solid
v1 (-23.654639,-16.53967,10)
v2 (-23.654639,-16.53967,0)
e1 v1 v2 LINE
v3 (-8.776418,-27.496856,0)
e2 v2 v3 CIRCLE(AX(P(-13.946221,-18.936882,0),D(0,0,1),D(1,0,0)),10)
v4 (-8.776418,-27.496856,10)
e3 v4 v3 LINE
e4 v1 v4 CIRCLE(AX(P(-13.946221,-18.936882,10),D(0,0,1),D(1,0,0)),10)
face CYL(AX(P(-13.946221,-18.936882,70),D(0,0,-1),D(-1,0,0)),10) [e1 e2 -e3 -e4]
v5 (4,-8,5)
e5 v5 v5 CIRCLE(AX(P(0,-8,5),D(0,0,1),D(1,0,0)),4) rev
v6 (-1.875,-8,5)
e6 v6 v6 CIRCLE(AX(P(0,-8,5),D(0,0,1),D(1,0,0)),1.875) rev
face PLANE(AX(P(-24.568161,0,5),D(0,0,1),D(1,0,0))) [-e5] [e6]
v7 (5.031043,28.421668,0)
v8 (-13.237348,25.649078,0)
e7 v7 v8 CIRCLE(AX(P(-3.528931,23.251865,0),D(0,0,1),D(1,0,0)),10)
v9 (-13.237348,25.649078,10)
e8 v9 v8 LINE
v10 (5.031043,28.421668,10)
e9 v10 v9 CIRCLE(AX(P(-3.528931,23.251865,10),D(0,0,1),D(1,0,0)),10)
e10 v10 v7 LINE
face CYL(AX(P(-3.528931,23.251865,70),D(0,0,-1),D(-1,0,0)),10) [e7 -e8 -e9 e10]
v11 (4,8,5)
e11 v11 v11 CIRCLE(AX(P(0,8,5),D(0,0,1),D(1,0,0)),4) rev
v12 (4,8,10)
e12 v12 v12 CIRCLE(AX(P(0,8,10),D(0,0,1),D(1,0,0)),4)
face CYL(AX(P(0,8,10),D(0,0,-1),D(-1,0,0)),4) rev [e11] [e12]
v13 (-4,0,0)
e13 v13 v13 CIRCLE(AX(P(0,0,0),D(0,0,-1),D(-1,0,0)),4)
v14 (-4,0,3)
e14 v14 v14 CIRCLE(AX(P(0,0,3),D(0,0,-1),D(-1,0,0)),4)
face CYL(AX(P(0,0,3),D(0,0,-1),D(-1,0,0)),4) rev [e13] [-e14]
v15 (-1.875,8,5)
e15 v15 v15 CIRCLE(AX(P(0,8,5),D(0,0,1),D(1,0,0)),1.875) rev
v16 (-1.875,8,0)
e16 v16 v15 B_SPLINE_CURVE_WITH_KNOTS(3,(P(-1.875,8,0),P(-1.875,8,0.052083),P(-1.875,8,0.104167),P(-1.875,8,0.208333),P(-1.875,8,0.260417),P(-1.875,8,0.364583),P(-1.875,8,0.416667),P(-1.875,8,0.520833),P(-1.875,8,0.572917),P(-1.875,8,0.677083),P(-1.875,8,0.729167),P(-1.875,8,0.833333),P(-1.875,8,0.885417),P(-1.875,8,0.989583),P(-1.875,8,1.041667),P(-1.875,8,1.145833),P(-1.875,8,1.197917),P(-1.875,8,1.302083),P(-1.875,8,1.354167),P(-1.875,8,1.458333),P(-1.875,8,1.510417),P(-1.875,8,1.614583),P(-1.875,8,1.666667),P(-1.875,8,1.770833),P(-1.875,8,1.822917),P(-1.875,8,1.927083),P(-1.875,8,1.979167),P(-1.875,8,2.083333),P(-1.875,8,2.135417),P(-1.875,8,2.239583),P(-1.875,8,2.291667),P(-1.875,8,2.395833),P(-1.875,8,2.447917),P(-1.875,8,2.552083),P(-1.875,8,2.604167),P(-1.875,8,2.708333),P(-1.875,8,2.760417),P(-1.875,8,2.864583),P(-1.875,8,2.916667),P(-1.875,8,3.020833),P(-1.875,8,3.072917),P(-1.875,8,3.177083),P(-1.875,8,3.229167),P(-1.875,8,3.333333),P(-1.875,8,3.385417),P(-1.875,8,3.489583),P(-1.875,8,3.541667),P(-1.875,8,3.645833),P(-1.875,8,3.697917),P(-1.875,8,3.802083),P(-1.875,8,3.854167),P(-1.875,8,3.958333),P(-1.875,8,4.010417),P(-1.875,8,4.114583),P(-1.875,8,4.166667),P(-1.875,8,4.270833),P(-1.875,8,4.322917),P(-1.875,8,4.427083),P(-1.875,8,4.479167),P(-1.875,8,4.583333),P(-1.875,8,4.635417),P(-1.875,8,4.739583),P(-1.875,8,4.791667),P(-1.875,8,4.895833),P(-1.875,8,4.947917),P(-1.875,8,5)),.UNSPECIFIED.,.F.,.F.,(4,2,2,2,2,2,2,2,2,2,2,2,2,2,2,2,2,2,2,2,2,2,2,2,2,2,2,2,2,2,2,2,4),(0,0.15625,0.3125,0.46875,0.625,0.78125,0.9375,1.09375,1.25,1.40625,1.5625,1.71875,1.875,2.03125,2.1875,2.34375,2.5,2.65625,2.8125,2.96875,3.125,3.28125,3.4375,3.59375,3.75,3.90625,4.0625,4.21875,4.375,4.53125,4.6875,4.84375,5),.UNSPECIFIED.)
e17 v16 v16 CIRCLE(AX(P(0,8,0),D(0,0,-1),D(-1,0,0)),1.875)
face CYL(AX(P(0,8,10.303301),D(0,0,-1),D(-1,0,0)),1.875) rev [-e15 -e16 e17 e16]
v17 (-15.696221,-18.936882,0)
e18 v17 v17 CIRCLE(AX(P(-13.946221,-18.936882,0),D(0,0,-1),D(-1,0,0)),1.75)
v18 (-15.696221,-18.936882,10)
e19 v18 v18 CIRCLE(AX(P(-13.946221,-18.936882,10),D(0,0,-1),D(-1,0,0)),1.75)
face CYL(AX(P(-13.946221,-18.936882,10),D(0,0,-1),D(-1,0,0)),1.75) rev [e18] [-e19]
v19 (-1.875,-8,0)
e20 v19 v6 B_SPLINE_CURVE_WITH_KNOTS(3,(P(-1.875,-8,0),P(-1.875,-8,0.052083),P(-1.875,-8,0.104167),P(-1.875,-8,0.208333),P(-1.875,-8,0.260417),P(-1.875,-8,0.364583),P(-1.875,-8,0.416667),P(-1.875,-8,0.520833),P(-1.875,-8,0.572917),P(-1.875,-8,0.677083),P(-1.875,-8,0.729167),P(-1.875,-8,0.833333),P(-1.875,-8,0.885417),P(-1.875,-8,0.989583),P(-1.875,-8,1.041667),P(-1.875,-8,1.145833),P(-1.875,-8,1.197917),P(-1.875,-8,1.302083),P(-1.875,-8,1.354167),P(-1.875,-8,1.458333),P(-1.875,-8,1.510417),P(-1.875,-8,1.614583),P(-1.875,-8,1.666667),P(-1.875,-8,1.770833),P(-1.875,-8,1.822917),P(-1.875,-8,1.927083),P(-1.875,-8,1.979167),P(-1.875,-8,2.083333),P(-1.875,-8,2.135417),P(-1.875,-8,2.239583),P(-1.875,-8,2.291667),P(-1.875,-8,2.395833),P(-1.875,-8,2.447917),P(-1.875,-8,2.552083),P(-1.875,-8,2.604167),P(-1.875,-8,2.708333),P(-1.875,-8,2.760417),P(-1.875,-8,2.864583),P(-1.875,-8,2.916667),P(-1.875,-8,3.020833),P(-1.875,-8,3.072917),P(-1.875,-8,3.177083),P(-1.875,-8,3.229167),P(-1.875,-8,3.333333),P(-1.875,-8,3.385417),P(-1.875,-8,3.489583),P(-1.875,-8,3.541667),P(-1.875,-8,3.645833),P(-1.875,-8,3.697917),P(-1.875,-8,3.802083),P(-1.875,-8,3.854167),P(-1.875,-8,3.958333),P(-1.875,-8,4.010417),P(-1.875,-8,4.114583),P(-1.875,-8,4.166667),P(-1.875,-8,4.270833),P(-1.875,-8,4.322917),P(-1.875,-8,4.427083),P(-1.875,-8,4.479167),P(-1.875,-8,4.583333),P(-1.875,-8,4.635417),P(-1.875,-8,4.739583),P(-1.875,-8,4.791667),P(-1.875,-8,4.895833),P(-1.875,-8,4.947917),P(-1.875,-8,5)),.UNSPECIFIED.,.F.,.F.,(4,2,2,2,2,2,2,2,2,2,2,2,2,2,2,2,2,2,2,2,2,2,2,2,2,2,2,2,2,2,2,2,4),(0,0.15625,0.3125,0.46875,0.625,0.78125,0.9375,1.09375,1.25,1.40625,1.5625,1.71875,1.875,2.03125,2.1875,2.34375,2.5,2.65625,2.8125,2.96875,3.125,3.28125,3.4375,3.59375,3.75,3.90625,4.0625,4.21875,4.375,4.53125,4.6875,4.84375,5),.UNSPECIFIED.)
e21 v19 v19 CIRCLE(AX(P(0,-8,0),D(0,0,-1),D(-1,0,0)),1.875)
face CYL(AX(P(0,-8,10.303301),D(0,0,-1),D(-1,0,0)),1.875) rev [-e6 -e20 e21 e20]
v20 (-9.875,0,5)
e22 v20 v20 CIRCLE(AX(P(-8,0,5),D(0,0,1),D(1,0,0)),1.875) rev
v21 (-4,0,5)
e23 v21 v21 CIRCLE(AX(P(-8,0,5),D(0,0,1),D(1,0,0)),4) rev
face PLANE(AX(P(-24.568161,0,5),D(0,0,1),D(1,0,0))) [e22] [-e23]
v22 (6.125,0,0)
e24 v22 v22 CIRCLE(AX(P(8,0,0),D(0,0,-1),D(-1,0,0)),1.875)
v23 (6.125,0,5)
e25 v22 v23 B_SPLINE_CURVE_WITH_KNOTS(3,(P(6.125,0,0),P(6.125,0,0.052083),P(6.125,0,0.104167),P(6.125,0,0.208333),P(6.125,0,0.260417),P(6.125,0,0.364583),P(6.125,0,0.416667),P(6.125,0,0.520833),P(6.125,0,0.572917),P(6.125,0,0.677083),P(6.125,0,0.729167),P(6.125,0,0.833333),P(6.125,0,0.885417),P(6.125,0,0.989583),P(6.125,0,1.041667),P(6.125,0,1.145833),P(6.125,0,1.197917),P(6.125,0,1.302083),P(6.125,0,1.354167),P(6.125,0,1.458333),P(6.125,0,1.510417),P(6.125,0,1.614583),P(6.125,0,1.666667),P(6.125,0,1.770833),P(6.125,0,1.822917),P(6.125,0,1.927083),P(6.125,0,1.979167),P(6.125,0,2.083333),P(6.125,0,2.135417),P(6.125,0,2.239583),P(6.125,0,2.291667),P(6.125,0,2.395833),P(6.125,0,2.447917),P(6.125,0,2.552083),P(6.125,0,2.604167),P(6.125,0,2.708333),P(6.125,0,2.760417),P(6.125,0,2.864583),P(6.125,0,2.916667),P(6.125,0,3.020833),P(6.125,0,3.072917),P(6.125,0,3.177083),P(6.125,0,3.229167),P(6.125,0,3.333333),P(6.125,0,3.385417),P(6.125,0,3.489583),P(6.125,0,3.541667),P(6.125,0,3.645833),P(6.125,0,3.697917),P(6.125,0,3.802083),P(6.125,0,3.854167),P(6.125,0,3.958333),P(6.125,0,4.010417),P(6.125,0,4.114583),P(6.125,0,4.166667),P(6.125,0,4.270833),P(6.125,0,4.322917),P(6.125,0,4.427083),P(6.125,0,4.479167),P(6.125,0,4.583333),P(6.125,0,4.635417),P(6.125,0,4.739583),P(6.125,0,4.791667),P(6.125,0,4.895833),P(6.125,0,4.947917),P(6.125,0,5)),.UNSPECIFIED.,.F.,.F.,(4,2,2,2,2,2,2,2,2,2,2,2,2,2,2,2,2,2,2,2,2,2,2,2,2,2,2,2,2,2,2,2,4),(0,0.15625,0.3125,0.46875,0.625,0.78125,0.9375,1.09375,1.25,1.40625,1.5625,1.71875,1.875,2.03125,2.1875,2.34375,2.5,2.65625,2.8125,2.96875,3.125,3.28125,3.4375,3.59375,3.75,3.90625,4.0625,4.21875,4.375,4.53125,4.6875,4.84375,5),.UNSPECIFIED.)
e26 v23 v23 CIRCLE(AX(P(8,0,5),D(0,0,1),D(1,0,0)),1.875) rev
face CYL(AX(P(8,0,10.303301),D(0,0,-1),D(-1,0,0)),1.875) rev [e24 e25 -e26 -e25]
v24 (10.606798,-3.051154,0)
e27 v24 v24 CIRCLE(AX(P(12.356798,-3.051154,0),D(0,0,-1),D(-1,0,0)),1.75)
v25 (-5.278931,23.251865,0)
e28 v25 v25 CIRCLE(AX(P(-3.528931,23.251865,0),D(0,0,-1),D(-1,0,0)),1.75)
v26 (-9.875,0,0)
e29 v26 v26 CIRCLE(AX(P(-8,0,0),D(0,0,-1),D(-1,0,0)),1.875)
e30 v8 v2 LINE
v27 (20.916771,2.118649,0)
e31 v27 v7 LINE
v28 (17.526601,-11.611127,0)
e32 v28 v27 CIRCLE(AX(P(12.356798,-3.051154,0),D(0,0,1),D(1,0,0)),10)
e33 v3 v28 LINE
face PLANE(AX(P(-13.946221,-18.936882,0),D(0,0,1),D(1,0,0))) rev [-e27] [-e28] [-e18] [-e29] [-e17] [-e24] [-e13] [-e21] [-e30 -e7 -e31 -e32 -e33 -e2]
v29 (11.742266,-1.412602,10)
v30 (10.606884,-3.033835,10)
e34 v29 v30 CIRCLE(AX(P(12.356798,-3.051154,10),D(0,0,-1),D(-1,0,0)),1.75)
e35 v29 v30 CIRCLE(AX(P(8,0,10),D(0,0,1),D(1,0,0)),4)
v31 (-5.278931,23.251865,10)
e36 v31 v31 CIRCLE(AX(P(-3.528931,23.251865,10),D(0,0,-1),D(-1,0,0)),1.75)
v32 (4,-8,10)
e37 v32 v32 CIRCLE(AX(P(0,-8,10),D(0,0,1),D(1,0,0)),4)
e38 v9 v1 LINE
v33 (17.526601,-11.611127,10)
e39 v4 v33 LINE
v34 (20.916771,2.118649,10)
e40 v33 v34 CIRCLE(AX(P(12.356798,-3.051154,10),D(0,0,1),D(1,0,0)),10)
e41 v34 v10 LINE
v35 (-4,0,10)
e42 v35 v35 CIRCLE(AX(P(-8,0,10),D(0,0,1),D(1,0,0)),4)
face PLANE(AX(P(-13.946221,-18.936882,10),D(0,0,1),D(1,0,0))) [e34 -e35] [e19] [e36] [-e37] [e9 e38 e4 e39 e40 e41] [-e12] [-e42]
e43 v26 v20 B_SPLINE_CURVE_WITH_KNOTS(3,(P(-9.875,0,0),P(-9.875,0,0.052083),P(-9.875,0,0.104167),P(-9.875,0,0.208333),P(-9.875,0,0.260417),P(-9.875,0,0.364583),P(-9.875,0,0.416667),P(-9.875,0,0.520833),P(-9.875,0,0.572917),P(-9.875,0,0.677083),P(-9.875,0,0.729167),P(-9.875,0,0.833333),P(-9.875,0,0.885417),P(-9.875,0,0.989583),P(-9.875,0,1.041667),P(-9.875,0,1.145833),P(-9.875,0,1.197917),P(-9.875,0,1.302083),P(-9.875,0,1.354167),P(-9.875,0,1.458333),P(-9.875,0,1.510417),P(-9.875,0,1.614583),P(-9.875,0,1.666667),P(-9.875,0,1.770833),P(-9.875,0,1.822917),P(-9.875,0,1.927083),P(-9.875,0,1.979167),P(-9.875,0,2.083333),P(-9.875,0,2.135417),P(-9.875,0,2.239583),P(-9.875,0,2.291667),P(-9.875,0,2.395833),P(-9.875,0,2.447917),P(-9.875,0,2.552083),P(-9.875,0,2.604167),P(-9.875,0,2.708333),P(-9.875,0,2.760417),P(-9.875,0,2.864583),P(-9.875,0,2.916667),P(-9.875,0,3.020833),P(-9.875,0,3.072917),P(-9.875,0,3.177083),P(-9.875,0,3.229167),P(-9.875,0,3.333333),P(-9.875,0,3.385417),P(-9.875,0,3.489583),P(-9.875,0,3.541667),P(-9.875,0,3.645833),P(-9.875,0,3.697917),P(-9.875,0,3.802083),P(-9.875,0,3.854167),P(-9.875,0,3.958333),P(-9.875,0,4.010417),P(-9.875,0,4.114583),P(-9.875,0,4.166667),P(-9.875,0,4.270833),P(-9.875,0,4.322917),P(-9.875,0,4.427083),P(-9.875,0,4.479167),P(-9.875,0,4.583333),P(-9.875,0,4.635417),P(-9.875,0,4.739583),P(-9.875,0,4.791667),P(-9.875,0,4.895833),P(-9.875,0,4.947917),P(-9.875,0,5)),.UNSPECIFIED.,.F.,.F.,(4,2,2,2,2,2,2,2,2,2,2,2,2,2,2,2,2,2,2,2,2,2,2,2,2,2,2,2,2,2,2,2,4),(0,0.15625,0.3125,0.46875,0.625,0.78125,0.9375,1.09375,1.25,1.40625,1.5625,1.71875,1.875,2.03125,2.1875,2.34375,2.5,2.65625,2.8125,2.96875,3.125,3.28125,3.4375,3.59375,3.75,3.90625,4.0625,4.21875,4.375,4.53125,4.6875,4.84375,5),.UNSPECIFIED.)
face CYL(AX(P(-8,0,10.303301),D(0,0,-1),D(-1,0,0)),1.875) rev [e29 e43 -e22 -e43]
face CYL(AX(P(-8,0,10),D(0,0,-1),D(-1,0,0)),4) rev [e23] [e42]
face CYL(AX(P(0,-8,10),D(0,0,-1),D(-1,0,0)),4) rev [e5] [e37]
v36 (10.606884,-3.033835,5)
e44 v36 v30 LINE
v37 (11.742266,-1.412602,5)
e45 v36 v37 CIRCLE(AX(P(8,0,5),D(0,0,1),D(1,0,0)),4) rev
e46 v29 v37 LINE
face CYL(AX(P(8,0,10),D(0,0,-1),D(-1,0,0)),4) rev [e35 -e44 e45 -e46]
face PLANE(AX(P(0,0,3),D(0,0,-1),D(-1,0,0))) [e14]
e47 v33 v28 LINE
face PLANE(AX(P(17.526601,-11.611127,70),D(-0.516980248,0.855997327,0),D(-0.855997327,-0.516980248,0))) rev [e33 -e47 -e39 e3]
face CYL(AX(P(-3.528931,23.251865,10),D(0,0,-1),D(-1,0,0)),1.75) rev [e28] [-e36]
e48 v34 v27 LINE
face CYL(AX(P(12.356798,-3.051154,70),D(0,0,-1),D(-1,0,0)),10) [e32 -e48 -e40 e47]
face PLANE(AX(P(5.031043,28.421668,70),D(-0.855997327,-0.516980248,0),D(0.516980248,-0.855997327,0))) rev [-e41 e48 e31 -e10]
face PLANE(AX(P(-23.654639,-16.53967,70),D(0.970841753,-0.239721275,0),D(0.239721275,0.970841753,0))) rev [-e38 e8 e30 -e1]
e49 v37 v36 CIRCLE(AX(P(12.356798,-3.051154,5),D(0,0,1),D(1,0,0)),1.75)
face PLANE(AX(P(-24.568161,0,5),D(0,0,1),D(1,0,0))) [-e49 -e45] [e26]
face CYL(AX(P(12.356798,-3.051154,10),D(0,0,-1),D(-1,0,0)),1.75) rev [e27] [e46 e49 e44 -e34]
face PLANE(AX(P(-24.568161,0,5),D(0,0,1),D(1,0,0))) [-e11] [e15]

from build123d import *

# Parameters (mm, degrees)
SKETCH1_R               = 9
BOSS_EXTRUDE1_DEPTH     = 70
SKETCH2_R               = 2.5
CUT_EXTRUDE1_DEPTH      = 5
CUT_EXTRUDE2_REACH      = 90.987
CUT_EXTRUDE2_END_RADIUS = 9
SKETCH3_R               = 1.75
CIRPATTERN1_COUNT       = 3
SKETCH5_W               = 24.568161226
SKETCH5_H               = 25
SKETCH6_R               = 9
BOSS_EXTRUDE2_DEPTH     = 5
SKETCH8_R               = 9
SKETCH8_R_2             = 5.0505014
BOSS_EXTRUDE3_DEPTH     = 3
CUT_EXTRUDE3_REACH      = 83.112
SKETCH9_R               = 1.875
SKETCH11_R              = 4
CUT_EXTRUDE4_DEPTH      = 3
CUT_EXTRUDE5_DEPTH      = 82.111701173
CUT_EXTRUDE5_DEPTH_BACK = 82.111701173
SKETCH12_W              = 69.923732777
SKETCH12_H              = 71.865657343
SKETCH13_R              = 4
BOSS_EXTRUDE5_DEPTH     = 5
SKETCH14_R              = 1.75
CUT_EXTRUDE6_DEPTH      = 43.17947431


with BuildPart() as part:
    # Sketch1 → Boss-Extrude1 (new body)
    with BuildSketch(Plane.XY):
        with BuildLine():
            Line((-23.6546385, -16.539669722), (-13.23734813, 25.649078182))
            ThreePointArc((-13.23734813, 25.649078182), (-5.029445343, 33.138647287), (5.031042671, 28.421667909))
            Line((5.031042671, 28.421667909), (20.916771438, 2.118648772))
            ThreePointArc((20.916771438, 2.118648772), (22.065215706, -5.448366461), (17.526600651, -11.611126974))
            Line((17.526600651, -11.611126974), (-8.776418486, -27.496855741))
            ThreePointArc((-8.776418486, -27.496855741), (-19.876207308, -26.988917124), (-23.6546385, -16.539669722))
        make_face()
        Circle(SKETCH1_R, mode=Mode.SUBTRACT)
    extrude(amount=BOSS_EXTRUDE1_DEPTH)

    # Sketch2 → Cut-Extrude1 (cut)
    with BuildSketch(Plane(origin=(9.822624711, -16.263949206, 0), x_dir=(0.8559973266359324, 0.5169802479709809, 0), z_dir=(0.5169802479709809, -0.8559973266359324, 0))):
        with Locations((0, 65)):
            Circle(SKETCH2_R)
    cut_extrude1 = extrude(amount=-CUT_EXTRUDE1_DEPTH, mode=Mode.SUBTRACT)

    # Cut-Extrude2: up to this cylinder (the profile starts outside it)
    cut_extrude2_end = Plane(origin=(0, 0, 65), z_dir=(0, 0, -1)) * Cylinder(CUT_EXTRUDE2_END_RADIUS, 200.974, mode=Mode.PRIVATE)
    # Sketch3 → Cut-Extrude2 (cut, up to the surface)
    with BuildSketch(Plane(origin=(7.237723472, -11.983962573, 0), x_dir=(0.8559973266359324, 0.5169802479709809, 0), z_dir=(0.5169802479709809, -0.8559973266359324, 0)), mode=Mode.PRIVATE) as cut_extrude2_sk1:
        with Locations((0, 65)):
            Circle(SKETCH3_R)
    cut_extrude2_tool1 = extrude(cut_extrude2_sk1.sketch, amount=-CUT_EXTRUDE2_REACH, mode=Mode.PRIVATE) - cut_extrude2_end
    cut_extrude2 = cut_extrude2_tool1.solids().sort_by_distance((7.237723, -11.983963, 65))[0]
    add(cut_extrude2, mode=Mode.SUBTRACT)

    # CirPattern1: Cut-Extrude1, Cut-Extrude2 ×3 about axis
    cirpattern1_axis = Axis((0, 0, 0), (0, 0, 1))
    add([cut_extrude1.rotate(cirpattern1_axis, i * 360 / CIRPATTERN1_COUNT) for i in range(1, CIRPATTERN1_COUNT)], mode=Mode.SUBTRACT)
    add([cut_extrude2.rotate(cirpattern1_axis, i * 360 / CIRPATTERN1_COUNT) for i in range(1, CIRPATTERN1_COUNT)], mode=Mode.SUBTRACT)

    # Sketch5 → Cut-Revolve1 (revolve, cut)
    with BuildSketch(Plane(origin=(0, 0, 0), x_dir=(1, 0, 0), z_dir=(0, 1, 0)), mode=Mode.PRIVATE) as cut_revolve1_sk:
        with Locations((-12.284080613, -17.5)):
            Rectangle(SKETCH5_W, SKETCH5_H)
    revolve(cut_revolve1_sk.sketch.rotate(Axis((0, 0, 0), (0, 0, 1)), 180), axis=Axis((0, 0, 0), (0, 0, 1)), mode=Mode.SUBTRACT)

    # Sketch6 → Boss-Extrude2 (add)
    with BuildSketch(Plane(origin=(0, 0, 0), x_dir=(-1, 0, 0), z_dir=(0, 0, -1))):
        with Locations(Location((0, 0, 0), (0, 0, 180))):
            Circle(SKETCH6_R)
    extrude(amount=-BOSS_EXTRUDE2_DEPTH)

    # Sketch8 → Boss-Extrude3 (add)
    with BuildSketch(Plane(origin=(0, 0, 30), x_dir=(-1, 0, 0), z_dir=(0, 0, -1))):
        Circle(SKETCH8_R)
        Circle(SKETCH8_R_2, mode=Mode.SUBTRACT)
    extrude(amount=-BOSS_EXTRUDE3_DEPTH)

    # Sketch9 → Cut-Extrude3 (cut, up to next)
    with BuildSketch(Plane(origin=(0, 0, 0), x_dir=(-1, 0, 0), z_dir=(0, 0, -1)), mode=Mode.PRIVATE) as cut_extrude3_sk1:
        with Locations((0, 8)):
            Circle(SKETCH9_R)
    cut_extrude3_tool1 = extrude(cut_extrude3_sk1.sketch, amount=-CUT_EXTRUDE3_REACH, mode=Mode.PRIVATE) & part.part
    # Sketch9 → Cut-Extrude3 (cut, up to next)
    with BuildSketch(Plane(origin=(0, 0, 0), x_dir=(-1, 0, 0), z_dir=(0, 0, -1)), mode=Mode.PRIVATE) as cut_extrude3_sk2:
        with Locations((8, 0)):
            Circle(SKETCH9_R)
    cut_extrude3_tool2 = extrude(cut_extrude3_sk2.sketch, amount=-CUT_EXTRUDE3_REACH, mode=Mode.PRIVATE) & part.part
    # Sketch9 → Cut-Extrude3 (cut, up to next)
    with BuildSketch(Plane(origin=(0, 0, 0), x_dir=(-1, 0, 0), z_dir=(0, 0, -1)), mode=Mode.PRIVATE) as cut_extrude3_sk3:
        with Locations((0, -8)):
            Circle(SKETCH9_R)
    cut_extrude3_tool3 = extrude(cut_extrude3_sk3.sketch, amount=-CUT_EXTRUDE3_REACH, mode=Mode.PRIVATE) & part.part
    # Sketch9 → Cut-Extrude3 (cut, up to next)
    with BuildSketch(Plane(origin=(0, 0, 0), x_dir=(-1, 0, 0), z_dir=(0, 0, -1)), mode=Mode.PRIVATE) as cut_extrude3_sk4:
        with Locations((-8, 0)):
            Circle(SKETCH9_R)
    cut_extrude3_tool4 = extrude(cut_extrude3_sk4.sketch, amount=-CUT_EXTRUDE3_REACH, mode=Mode.PRIVATE) & part.part
    add(cut_extrude3_tool1.solids().sort_by_distance((0, 8, 0))[0], mode=Mode.SUBTRACT)
    add(cut_extrude3_tool2.solids().sort_by_distance((-8, 0, 0))[0], mode=Mode.SUBTRACT)
    add(cut_extrude3_tool3.solids().sort_by_distance((0, -8, 0))[0], mode=Mode.SUBTRACT)
    add(cut_extrude3_tool4.solids().sort_by_distance((8, 0, 0))[0], mode=Mode.SUBTRACT)

    # Sketch11 → Cut-Extrude4 (cut)
    with BuildSketch(Plane(origin=(0, 0, 0), x_dir=(-1, 0, 0), z_dir=(0, 0, -1))):
        Circle(SKETCH11_R)
    extrude(amount=-CUT_EXTRUDE4_DEPTH, mode=Mode.SUBTRACT)

    # Sketch12 → Cut-Extrude5 (cut, two sides: drawn at the far end of the back side and taken through both)
    with BuildSketch(Plane(origin=(0, 0, 0), x_dir=(0, 0, -1), z_dir=(1, 0, 0)).offset(-CUT_EXTRUDE5_DEPTH_BACK)):
        with Locations((-39.961866388, -0.358209869)):
            Rectangle(SKETCH12_W, SKETCH12_H)
    extrude(amount=CUT_EXTRUDE5_DEPTH + CUT_EXTRUDE5_DEPTH_BACK, mode=Mode.SUBTRACT)

    # Sketch13 → Boss-Extrude5 (add)
    with BuildSketch(Plane.XY.offset(5)):
        with BuildLine():
            Line((-8.776418486, -27.496855741), (17.526600651, -11.611126974))
            ThreePointArc((17.526600651, -11.611126974), (22.065215706, -5.448366461), (20.916771438, 2.118648772))
            Line((20.916771438, 2.118648772), (5.031042671, 28.421667909))
            ThreePointArc((5.031042671, 28.421667909), (-5.029445343, 33.138647287), (-13.23734813, 25.649078182))
            Line((-13.23734813, 25.649078182), (-23.6546385, -16.539669722))
            ThreePointArc((-23.6546385, -16.539669722), (-19.876207308, -26.988917124), (-8.776418486, -27.496855741))
        make_face()
        with Locations((-8, 0)):
            Circle(SKETCH13_R, mode=Mode.SUBTRACT)
        with Locations((0, 8)):
            Circle(SKETCH13_R, mode=Mode.SUBTRACT)
        with Locations((8, 0)):
            Circle(SKETCH13_R, mode=Mode.SUBTRACT)
        with Locations((0, -8)):
            Circle(SKETCH13_R, mode=Mode.SUBTRACT)
    extrude(amount=BOSS_EXTRUDE5_DEPTH)

    # Sketch14 → Cut-Extrude6 (cut, through all)
    with BuildSketch(Plane(origin=(0, 0, 0), x_dir=(-1, 0, 0), z_dir=(0, 0, -1))):
        with Locations((3.528930595, 23.25186543)):
            Circle(SKETCH14_R)
        with Locations((-12.356798171, -3.051153708)):
            Circle(SKETCH14_R)
        with Locations((13.946220966, -18.936882475)):
            Circle(SKETCH14_R)
    extrude(amount=-CUT_EXTRUDE6_DEPTH, mode=Mode.SUBTRACT)


solid = part.part
